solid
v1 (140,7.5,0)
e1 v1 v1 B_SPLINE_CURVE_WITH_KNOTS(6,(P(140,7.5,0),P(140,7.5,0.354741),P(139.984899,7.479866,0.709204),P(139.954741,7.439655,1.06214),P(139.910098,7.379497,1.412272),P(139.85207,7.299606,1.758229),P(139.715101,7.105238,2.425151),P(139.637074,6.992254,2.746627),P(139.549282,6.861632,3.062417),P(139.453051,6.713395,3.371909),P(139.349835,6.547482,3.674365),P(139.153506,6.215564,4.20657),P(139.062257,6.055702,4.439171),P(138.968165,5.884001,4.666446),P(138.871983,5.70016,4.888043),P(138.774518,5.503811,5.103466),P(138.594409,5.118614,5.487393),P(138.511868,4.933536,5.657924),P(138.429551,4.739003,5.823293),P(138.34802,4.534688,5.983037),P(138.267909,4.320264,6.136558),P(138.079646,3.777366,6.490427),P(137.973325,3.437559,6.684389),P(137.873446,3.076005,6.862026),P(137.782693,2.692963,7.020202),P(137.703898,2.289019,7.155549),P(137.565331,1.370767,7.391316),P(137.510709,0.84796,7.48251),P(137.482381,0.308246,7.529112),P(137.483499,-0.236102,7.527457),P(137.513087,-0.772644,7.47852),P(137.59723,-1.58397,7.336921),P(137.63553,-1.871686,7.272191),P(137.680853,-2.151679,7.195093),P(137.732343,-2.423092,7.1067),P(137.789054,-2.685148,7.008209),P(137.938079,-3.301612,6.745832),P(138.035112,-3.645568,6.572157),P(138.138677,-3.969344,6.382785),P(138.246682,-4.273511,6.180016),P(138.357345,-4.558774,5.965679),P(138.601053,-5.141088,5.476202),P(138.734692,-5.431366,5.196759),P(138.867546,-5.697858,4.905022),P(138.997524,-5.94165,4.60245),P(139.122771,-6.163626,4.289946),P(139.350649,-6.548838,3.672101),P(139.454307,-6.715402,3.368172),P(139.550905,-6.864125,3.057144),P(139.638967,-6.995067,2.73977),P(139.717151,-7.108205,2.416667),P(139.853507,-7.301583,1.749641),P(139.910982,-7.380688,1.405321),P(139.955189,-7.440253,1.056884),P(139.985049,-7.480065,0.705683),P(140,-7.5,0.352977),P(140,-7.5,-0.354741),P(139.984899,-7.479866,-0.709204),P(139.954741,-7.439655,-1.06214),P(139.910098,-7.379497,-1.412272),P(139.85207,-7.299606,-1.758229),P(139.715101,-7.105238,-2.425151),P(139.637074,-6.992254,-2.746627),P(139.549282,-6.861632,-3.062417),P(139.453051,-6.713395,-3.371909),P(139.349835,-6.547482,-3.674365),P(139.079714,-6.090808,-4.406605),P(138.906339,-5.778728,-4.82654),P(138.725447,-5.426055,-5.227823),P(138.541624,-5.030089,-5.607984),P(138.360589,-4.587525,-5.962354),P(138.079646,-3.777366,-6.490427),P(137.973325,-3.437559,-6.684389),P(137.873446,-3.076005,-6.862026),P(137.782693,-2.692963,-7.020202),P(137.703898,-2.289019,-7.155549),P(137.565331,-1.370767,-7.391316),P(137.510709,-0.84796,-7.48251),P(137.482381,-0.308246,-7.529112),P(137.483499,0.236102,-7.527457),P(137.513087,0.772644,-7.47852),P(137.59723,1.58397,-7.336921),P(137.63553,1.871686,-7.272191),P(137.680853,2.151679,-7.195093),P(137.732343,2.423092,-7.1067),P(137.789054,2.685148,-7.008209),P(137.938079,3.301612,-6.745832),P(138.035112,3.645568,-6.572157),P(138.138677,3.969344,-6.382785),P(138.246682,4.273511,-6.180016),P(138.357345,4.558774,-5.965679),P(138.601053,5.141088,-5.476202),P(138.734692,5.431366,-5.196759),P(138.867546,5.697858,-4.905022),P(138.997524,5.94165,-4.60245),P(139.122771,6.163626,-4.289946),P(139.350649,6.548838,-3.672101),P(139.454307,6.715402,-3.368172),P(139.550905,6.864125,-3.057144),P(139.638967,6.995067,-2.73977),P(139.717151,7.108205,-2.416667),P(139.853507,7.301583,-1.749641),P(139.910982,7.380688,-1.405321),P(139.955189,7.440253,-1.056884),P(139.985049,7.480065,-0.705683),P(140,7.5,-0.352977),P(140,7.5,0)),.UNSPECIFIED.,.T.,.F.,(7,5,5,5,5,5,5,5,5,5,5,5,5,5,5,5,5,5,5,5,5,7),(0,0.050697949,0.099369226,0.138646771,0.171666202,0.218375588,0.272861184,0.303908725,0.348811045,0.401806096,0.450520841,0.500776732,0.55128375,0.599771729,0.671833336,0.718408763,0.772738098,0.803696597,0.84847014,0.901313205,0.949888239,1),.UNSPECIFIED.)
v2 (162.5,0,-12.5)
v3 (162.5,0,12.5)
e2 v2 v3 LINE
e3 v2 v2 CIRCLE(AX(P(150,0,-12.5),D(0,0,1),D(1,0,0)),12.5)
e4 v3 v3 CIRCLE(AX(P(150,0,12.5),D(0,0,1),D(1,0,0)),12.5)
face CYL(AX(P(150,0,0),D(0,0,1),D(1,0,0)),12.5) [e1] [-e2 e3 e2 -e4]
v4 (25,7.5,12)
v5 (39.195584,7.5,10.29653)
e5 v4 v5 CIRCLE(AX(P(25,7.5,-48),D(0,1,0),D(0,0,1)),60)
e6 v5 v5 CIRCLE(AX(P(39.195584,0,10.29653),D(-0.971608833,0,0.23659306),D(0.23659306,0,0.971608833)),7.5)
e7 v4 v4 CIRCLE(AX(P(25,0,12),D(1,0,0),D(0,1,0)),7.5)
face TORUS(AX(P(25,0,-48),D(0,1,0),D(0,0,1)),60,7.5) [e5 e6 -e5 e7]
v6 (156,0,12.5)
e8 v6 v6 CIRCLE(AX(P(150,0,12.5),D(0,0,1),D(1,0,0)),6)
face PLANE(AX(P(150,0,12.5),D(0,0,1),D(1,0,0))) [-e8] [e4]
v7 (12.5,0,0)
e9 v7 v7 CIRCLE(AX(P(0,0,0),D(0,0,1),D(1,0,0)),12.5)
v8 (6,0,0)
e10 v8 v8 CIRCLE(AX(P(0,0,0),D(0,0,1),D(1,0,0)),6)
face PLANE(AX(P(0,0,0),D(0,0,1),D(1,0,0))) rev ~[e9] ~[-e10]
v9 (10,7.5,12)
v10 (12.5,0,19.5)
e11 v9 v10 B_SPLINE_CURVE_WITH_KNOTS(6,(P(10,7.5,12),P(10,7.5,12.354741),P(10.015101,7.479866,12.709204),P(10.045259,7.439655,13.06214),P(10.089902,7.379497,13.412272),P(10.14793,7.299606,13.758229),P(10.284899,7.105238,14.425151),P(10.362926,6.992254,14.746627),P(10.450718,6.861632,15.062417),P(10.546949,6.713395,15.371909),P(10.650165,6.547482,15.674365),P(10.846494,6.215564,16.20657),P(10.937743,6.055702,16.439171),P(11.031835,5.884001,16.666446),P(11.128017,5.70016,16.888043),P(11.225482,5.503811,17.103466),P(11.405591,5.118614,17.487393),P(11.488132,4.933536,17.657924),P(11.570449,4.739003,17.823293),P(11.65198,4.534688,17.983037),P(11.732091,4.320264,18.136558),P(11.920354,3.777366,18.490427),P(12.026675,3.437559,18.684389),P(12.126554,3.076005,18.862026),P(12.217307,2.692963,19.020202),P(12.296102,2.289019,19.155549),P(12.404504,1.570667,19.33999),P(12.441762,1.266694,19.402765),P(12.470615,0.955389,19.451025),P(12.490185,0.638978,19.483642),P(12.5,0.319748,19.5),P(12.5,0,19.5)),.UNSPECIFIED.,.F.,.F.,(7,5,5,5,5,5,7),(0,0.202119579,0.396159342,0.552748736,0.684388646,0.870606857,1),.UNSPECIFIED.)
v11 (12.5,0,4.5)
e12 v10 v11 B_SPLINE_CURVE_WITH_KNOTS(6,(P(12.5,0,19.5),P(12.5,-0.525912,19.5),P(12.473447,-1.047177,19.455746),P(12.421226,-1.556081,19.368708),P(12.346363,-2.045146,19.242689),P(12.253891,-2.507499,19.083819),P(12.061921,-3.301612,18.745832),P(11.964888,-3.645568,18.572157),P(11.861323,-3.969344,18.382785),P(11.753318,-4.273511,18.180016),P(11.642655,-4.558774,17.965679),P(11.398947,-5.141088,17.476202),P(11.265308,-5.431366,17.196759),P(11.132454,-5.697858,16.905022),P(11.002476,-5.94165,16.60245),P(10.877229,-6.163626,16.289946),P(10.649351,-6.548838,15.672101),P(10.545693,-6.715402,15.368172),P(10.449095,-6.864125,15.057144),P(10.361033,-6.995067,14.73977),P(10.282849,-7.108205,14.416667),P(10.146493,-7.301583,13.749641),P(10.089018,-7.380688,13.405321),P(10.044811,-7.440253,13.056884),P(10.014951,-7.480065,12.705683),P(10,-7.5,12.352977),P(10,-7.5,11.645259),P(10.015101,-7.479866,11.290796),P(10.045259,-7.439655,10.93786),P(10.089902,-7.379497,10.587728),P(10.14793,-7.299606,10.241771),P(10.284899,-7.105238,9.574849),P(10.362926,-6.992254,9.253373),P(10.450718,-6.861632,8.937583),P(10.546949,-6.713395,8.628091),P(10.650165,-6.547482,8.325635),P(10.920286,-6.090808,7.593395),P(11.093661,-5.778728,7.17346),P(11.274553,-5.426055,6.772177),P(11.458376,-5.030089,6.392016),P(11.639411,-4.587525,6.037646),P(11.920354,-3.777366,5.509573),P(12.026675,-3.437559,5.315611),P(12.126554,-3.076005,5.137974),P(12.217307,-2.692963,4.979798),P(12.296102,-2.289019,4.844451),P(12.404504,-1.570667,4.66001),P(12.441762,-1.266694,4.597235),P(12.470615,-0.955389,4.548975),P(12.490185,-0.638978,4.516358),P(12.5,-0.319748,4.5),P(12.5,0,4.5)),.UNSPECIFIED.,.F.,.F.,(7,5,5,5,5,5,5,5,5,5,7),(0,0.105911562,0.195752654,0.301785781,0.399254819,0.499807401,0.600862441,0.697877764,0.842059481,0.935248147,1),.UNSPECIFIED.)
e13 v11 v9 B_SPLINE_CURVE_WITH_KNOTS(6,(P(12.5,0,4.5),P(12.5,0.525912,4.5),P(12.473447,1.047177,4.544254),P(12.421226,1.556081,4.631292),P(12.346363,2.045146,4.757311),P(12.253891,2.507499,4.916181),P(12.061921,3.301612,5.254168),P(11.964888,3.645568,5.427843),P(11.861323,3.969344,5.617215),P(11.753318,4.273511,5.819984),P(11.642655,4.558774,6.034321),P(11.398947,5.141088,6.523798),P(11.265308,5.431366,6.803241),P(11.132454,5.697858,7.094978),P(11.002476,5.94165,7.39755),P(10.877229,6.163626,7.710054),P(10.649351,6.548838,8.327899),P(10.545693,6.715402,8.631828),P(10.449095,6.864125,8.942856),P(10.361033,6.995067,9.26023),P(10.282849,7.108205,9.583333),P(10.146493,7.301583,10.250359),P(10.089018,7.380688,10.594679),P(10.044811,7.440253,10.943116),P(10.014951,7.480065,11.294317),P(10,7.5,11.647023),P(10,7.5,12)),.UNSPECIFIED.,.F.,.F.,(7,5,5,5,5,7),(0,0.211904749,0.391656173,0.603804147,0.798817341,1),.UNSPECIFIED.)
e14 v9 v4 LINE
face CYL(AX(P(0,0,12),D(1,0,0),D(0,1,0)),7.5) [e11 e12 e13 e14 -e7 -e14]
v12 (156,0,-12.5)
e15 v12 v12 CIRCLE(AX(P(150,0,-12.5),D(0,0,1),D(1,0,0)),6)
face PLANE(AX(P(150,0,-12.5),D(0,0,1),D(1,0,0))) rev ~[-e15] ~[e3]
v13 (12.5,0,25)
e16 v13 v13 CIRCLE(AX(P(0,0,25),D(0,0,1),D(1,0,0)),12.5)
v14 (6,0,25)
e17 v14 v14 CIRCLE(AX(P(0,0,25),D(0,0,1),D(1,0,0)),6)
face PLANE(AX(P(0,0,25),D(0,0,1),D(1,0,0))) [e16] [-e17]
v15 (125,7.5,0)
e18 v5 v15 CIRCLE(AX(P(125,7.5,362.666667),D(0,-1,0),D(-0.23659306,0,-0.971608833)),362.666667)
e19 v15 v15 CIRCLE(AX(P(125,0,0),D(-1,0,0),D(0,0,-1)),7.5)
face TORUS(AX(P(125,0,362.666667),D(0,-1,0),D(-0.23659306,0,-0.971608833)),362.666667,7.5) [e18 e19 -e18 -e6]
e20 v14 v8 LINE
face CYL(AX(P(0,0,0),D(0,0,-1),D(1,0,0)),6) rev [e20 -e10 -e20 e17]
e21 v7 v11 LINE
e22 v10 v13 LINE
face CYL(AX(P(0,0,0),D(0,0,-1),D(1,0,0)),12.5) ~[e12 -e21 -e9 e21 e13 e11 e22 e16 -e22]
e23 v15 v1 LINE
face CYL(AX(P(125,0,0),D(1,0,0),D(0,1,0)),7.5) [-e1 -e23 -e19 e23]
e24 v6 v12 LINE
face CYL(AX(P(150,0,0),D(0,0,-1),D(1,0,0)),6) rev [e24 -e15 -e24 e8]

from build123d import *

# Parameters (mm, degrees)
F0_R     = 12.5
F0_R_2   = 6
F1_DEPTH = 25
F2_DEPTH = 12.5
F4_R     = 7.5
F6_R     = 6
F7_DEPTH = 37.5010001


with BuildPart() as f1:
    # F0 (on Top) → F1 (new body)
    with BuildSketch(Plane.XY):
        Circle(F0_R)
        Circle(F0_R_2, mode=Mode.SUBTRACT)
    extrude(amount=F1_DEPTH)



with BuildPart() as f2:
    # F0 (on Top) → F2 (new body, symmetric)
    with BuildSketch(Plane.XY):
        with Locations((150, 0)):
            Circle(F0_R)
        with Locations((150, 0)):
            Circle(F0_R_2, mode=Mode.SUBTRACT)
    extrude(amount=F2_DEPTH, both=True)


with BuildPart() as f1_1:
    add(f1.part)

    add(f2.part)  # F5 merges F2
    # F5: sweep along a path in F3
    with BuildLine(Plane.XZ) as f5_path:
        Line((0, 12), (25, 12))
        ThreePointArc((25, 12), (32.1487132371, 11.5726103092), (39.1955835962, 10.2965299685))
        ThreePointArc((39.1955835962, 10.2965299685), (81.789999989, 2.5833332421), (125, 0))
        Line((125, 0), (150, 0))
    # F4 (on Right) → F5 (sweep)
    with BuildSketch(Plane.YZ):
        with Locations((0, 12)):
            Circle(F4_R)
    sweep(path=f5_path.line)

    # F6 (on face) → F7 (cut, through all)
    with BuildSketch(Plane.XY.offset(25)):
        Circle(F6_R)
        with Locations((150, 0)):
            Circle(F6_R)
    extrude(amount=-F7_DEPTH, mode=Mode.SUBTRACT)


solid = f1_1.part
